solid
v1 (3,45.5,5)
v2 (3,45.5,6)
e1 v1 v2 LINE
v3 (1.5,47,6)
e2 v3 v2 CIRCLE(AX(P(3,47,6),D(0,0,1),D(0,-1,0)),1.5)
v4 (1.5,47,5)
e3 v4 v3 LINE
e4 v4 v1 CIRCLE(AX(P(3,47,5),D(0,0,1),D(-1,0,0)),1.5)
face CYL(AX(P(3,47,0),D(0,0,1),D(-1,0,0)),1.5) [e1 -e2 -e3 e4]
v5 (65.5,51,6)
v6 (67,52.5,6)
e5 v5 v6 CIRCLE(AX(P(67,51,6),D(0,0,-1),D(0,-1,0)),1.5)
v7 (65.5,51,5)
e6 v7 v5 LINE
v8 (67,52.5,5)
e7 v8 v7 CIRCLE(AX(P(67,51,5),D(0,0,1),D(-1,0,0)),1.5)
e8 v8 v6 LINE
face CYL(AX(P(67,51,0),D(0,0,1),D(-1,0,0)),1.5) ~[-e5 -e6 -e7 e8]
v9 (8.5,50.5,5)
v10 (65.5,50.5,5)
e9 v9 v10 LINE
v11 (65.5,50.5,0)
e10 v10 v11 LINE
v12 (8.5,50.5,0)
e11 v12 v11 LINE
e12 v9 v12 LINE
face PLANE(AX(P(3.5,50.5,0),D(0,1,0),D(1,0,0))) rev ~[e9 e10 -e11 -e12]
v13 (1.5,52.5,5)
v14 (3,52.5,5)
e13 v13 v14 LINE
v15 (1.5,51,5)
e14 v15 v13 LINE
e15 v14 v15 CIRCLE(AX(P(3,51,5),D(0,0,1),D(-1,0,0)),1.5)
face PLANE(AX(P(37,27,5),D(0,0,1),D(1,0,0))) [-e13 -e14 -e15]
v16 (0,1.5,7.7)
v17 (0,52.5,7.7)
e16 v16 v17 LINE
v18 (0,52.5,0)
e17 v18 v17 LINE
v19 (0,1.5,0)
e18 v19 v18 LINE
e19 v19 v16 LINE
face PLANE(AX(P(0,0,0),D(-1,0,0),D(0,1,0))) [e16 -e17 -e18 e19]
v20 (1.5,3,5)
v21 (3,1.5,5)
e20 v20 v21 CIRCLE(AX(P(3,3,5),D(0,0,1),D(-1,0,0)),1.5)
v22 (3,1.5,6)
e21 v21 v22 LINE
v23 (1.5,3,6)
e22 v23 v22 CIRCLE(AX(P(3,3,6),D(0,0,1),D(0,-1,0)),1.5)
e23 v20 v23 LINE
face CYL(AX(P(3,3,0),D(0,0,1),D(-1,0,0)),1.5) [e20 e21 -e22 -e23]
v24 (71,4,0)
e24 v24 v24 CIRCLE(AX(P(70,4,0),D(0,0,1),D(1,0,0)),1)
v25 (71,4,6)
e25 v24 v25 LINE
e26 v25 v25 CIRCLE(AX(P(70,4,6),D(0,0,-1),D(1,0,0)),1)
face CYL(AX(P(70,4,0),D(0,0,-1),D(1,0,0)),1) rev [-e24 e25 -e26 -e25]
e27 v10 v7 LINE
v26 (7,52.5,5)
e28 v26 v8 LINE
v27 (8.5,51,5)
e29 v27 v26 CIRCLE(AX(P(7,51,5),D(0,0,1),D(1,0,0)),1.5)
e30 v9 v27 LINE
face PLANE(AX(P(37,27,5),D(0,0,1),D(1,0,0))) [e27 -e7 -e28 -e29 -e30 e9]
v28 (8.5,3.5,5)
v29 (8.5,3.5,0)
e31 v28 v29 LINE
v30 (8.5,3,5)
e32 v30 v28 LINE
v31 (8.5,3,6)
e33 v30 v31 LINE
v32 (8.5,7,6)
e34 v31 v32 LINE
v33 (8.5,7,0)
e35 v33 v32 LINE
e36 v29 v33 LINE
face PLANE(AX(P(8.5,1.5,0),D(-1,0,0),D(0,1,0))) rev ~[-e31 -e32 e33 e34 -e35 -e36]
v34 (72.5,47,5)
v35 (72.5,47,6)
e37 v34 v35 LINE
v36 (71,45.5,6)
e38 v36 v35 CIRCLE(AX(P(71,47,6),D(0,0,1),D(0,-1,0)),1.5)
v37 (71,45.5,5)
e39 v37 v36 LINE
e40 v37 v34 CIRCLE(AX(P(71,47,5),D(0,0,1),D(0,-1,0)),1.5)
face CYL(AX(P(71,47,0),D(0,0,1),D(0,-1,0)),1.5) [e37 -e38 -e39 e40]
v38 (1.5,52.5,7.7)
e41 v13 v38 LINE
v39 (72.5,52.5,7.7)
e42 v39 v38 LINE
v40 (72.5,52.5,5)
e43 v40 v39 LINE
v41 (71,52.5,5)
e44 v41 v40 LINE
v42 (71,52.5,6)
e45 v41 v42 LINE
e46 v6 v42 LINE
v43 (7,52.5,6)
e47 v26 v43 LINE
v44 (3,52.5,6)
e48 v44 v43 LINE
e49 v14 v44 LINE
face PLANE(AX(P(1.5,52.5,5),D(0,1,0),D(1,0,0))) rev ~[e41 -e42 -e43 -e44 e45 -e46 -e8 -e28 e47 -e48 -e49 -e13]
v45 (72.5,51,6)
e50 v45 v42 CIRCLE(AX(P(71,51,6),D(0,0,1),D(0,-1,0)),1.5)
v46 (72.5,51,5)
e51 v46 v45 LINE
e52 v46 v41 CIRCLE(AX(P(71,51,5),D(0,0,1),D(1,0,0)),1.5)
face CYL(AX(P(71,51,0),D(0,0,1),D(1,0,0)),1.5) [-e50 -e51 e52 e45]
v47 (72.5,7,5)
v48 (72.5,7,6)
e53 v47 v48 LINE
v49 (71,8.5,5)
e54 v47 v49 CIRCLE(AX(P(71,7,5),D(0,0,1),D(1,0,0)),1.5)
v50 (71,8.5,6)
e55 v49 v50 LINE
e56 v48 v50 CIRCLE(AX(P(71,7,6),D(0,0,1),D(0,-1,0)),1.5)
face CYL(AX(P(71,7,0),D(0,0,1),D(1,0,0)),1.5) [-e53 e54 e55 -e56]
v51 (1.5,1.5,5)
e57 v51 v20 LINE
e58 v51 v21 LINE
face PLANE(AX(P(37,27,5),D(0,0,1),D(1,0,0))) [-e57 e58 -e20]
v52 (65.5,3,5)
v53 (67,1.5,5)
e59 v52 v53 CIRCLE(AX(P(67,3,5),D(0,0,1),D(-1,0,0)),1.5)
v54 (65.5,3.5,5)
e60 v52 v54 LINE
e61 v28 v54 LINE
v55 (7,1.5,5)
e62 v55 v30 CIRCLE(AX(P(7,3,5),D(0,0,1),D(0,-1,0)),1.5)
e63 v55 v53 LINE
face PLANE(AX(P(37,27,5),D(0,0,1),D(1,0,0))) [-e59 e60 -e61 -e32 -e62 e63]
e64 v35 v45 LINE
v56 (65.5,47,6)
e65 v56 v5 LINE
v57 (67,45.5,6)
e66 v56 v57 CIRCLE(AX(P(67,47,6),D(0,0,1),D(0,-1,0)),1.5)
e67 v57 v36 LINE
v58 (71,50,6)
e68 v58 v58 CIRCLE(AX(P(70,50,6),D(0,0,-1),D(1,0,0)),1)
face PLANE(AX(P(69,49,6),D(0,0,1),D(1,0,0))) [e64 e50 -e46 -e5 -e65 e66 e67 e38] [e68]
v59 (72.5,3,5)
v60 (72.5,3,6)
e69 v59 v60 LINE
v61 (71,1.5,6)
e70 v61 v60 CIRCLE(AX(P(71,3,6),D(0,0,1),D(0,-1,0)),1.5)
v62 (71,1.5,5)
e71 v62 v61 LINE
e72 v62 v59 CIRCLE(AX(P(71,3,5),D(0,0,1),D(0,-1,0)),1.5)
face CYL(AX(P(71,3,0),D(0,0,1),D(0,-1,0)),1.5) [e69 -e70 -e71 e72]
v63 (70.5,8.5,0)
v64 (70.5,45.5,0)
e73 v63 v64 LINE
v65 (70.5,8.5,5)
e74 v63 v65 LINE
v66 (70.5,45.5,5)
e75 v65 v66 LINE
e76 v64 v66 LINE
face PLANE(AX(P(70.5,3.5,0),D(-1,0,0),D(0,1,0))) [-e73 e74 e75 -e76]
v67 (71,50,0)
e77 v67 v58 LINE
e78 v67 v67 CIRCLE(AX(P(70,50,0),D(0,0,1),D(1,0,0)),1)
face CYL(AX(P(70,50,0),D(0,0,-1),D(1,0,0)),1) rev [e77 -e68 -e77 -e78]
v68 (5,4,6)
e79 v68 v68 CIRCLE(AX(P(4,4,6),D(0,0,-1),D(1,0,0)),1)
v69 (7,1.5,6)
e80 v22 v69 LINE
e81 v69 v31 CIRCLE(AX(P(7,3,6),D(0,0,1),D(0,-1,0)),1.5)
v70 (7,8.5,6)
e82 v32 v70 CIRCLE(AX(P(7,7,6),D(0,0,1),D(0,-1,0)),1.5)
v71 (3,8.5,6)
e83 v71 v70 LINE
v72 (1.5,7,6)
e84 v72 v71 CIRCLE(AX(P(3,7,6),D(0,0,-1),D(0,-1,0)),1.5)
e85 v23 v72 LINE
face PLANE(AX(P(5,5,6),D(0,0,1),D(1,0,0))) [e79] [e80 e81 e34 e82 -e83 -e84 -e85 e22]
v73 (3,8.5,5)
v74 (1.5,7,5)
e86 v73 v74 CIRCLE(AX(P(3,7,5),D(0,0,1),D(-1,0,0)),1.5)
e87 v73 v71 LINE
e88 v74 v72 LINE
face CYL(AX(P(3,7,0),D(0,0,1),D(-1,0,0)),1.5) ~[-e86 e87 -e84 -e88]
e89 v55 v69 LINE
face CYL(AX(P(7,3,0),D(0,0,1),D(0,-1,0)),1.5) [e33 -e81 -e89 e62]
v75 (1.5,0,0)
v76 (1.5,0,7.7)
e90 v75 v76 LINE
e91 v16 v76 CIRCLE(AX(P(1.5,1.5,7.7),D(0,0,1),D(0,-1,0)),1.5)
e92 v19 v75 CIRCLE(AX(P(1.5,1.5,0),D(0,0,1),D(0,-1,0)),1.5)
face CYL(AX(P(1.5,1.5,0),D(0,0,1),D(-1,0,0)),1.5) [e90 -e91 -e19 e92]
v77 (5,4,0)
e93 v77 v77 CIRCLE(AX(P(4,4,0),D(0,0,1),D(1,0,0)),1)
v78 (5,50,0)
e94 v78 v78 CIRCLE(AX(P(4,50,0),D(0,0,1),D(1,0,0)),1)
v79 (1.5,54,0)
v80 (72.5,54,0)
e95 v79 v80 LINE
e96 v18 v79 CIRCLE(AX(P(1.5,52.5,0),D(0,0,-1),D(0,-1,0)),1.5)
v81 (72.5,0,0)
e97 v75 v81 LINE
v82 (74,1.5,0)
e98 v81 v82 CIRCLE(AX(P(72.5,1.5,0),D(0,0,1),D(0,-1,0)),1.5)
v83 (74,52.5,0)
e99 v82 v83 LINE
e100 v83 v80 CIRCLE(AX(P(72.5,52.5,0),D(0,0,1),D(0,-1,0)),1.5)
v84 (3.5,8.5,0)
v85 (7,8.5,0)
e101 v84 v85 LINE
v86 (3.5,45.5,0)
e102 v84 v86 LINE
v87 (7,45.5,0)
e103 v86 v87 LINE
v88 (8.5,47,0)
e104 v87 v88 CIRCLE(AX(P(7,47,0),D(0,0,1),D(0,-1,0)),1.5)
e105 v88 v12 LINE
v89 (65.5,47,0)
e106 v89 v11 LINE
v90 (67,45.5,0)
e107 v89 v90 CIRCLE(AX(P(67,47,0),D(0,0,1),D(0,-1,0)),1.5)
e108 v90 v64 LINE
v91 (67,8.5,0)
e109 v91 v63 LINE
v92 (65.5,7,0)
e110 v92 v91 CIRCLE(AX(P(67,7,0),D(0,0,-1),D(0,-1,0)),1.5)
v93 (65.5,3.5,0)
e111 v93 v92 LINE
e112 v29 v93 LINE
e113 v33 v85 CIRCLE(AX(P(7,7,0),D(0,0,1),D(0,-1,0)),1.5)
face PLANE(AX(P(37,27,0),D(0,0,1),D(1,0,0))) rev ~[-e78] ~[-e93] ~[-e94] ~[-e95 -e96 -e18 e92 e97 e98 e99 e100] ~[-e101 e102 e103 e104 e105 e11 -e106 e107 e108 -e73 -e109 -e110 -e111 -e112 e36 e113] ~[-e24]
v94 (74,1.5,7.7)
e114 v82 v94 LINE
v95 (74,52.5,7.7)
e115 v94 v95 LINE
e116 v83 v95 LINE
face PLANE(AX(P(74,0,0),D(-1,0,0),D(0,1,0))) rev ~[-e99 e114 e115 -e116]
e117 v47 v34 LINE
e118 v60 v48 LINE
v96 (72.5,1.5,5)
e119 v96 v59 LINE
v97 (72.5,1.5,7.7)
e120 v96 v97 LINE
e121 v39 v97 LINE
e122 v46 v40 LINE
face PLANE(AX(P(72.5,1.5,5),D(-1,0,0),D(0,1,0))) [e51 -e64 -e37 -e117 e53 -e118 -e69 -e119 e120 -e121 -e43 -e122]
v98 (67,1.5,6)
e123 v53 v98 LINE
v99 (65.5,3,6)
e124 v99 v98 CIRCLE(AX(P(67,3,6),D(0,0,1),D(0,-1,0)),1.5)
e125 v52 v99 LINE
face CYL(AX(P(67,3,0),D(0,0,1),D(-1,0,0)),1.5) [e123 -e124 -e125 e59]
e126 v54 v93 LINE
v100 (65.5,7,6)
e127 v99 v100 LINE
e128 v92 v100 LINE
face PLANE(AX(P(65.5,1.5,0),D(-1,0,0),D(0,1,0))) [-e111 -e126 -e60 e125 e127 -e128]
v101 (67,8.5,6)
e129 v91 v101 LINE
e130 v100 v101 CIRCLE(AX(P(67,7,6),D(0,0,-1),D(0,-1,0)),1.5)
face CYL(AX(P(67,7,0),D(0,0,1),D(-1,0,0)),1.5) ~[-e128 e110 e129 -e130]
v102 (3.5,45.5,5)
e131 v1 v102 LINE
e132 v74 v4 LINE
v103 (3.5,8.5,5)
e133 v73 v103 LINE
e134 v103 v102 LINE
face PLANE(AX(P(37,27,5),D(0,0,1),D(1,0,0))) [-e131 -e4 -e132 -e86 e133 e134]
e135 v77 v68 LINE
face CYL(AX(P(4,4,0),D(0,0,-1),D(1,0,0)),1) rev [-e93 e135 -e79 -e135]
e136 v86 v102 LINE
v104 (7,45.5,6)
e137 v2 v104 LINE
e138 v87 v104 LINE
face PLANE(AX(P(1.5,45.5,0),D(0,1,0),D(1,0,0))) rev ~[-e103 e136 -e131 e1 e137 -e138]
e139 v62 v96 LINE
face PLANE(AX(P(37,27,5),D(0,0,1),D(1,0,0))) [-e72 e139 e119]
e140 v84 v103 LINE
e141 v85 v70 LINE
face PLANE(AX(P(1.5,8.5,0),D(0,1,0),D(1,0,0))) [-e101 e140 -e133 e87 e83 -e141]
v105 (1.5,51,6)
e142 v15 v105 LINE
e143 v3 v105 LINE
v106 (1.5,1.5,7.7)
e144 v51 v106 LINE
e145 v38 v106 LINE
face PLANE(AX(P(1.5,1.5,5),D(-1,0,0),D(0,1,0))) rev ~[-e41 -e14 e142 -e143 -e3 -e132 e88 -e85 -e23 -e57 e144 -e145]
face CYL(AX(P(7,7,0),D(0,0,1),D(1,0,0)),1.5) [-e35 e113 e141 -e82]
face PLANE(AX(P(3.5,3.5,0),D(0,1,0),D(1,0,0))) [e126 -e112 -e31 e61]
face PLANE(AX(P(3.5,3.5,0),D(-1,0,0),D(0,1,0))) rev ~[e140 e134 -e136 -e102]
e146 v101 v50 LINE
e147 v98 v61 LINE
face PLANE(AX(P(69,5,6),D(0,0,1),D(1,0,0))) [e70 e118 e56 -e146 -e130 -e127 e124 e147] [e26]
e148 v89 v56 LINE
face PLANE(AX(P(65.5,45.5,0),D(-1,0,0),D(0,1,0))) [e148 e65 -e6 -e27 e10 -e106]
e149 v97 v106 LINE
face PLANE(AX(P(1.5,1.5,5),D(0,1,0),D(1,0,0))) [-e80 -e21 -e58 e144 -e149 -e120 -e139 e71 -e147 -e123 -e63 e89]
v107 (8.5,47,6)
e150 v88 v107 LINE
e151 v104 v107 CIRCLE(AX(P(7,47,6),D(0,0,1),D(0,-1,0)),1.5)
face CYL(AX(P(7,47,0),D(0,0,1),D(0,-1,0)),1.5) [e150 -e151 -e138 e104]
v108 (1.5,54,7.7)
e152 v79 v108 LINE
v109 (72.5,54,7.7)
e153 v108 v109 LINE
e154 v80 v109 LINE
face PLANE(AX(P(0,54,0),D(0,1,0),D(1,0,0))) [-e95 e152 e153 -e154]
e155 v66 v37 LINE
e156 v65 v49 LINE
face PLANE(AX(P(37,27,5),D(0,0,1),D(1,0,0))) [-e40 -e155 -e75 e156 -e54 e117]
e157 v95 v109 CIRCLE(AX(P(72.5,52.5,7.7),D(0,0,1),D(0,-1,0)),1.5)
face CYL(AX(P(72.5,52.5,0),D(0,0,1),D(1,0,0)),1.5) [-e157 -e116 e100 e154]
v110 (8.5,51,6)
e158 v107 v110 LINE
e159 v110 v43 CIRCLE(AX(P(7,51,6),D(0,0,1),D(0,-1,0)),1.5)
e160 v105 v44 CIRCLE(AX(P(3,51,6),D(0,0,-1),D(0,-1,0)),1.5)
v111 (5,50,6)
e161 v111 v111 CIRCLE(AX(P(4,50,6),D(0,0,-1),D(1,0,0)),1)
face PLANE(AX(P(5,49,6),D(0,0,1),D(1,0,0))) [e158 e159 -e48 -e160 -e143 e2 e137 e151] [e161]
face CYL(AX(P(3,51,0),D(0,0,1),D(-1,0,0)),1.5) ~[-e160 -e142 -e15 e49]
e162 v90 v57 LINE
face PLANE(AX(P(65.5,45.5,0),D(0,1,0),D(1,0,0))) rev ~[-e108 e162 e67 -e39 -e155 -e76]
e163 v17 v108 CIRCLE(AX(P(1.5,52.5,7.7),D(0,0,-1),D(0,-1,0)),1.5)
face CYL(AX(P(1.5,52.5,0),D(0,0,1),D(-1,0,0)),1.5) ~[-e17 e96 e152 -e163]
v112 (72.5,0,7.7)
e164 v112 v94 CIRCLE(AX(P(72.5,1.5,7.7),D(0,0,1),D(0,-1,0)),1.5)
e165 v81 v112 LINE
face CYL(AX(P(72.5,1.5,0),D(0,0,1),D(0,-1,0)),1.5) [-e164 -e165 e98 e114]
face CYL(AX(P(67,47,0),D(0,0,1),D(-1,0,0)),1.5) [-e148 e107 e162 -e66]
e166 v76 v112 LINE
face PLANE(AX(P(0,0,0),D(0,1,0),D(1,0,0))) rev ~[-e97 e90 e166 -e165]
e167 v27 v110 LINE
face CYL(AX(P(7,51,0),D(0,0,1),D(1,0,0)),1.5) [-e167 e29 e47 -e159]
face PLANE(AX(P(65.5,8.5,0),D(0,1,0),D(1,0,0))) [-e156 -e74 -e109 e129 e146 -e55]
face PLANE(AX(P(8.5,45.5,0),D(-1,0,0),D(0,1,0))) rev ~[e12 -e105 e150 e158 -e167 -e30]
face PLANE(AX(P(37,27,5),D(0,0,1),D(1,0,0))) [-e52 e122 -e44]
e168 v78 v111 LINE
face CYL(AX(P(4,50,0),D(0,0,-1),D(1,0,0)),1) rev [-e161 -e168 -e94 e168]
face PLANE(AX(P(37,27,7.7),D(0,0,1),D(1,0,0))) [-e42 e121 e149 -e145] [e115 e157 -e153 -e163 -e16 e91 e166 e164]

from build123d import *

# Parameters (mm, degrees)
CYLINDER002_R     = 1
CYLINDER002_DEPTH = 10
ARRAY005_X_COUNT  = 2
ARRAY005_X_PITCH  = 66
ARRAY005_Y_COUNT  = 2
ARRAY005_Y_PITCH  = 46
BOX005_W          = 71
BOX005_H          = 51
BOX005_DEPTH      = 10
BOX004_W          = 67
BOX004_H          = 47
BOX004_DEPTH      = 10
BOX007_W          = 74
BOX007_H          = 54
BOX007_DEPTH      = 7.7
FILLET003_R       = 1.5
BOX006_W          = 7
BOX006_H          = 7
BOX006_DEPTH      = 6
FILLET002_R       = 1.5
ARRAY007_X_COUNT  = 2
ARRAY007_X_PITCH  = 64
ARRAY007_Y_COUNT  = 2
ARRAY007_Y_PITCH  = 44


with BuildPart() as dd_hole_array:
    # Cylinder002 → Cylinder002 (new body)
    with BuildSketch(Plane(origin=(4, 4, 0), x_dir=(1, 0, 0), z_dir=(0, 0, 1))):
        Circle(CYLINDER002_R)
    extrude(amount=CYLINDER002_DEPTH)

    # Array005 X: dd hole array ×2


with BuildPart() as dd_hole_array_1:
    add(dd_hole_array.part)
    with Locations(*[(i * ARRAY005_X_PITCH, 0, 0) for i in range(1, ARRAY005_X_COUNT)]):
        add(dd_hole_array.part)

    # Array005 Y: dd hole array ×2


with BuildPart() as dd_hole_array_2:
    add(dd_hole_array_1.part)
    with Locations(*[(0, i * ARRAY005_Y_PITCH, 0) for i in range(1, ARRAY005_Y_COUNT)]):
        add(dd_hole_array_1.part)


with BuildPart() as pcb_extraction001:
    # Box005 → Box005 (new body)
    with BuildSketch(Plane(origin=(1.5, 1.5, 5), x_dir=(1, 0, 0), z_dir=(0, 0, 1))):
        with Locations((35.5, 25.5)):
            Rectangle(BOX005_W, BOX005_H)
    extrude(amount=BOX005_DEPTH)


with BuildPart() as bottom_extraction003:
    # Box004 → Box004 (new body)
    with BuildSketch(Plane(origin=(3.5, 3.5, 0), x_dir=(1, 0, 0), z_dir=(0, 0, 1))):
        with Locations((33.5, 23.5)):
            Rectangle(BOX004_W, BOX004_H)
    extrude(amount=BOX004_DEPTH)

    # Fusion005: union pcb extraction001
    add(pcb_extraction001.part)


with BuildPart() as pcb_box_cut001:
    # Box007 → Box007 (new body)
    with BuildSketch(Plane.XY):
        with Locations((37, 27)):
            Rectangle(BOX007_W, BOX007_H)
    extrude(amount=BOX007_DEPTH)

    # Fillet003
    fillet003_edges = [pcb_box_cut001.edges().sort_by_distance(p)[0] for p in [
        (0, 0, 3.85),
        (0, 54, 3.85),
        (74, 0, 3.85),
        (74, 54, 3.85),
    ]]
    fillet(fillet003_edges, radius=FILLET003_R)

    # Cut002004: cut bottom extraction003
    add(bottom_extraction003.part, mode=Mode.SUBTRACT)


with BuildPart() as dd_frame_fusion_with_holes_no_attachment:
    # Box006 → Box006 (new body)
    with BuildSketch(Plane(origin=(1.5, 1.5, 0), x_dir=(1, 0, 0), z_dir=(0, 0, 1))):
        with Locations((3.5, 3.5)):
            Rectangle(BOX006_W, BOX006_H)
    extrude(amount=BOX006_DEPTH)

    # Fillet002
    fillet002_edges = [dd_frame_fusion_with_holes_no_attachment.edges().sort_by_distance(p)[0] for p in [
        (1.5, 1.5, 3),
        (1.5, 8.5, 3),
        (8.5, 1.5, 3),
        (8.5, 8.5, 3),
    ]]
    fillet(fillet002_edges, radius=FILLET002_R)

    # Array007 X: dd frame fusion with holes no attachment ×2


with BuildPart() as dd_frame_fusion_with_holes_no_attachment_1:
    add(dd_frame_fusion_with_holes_no_attachment.part)
    with Locations(*[(i * ARRAY007_X_PITCH, 0, 0) for i in range(1, ARRAY007_X_COUNT)]):
        add(dd_frame_fusion_with_holes_no_attachment.part)

    # Array007 Y: dd frame fusion with holes no attachment ×2


with BuildPart() as dd_frame_fusion_with_holes_no_attachment_2:
    add(dd_frame_fusion_with_holes_no_attachment_1.part)
    with Locations(*[(0, i * ARRAY007_Y_PITCH, 0) for i in range(1, ARRAY007_Y_COUNT)]):
        add(dd_frame_fusion_with_holes_no_attachment_1.part)

    # Fusion003: union pcb box cut001
    add(pcb_box_cut001.part)

    # Cut002005: cut dd hole array
    add(dd_hole_array_2.part, mode=Mode.SUBTRACT)


solid = dd_frame_fusion_with_holes_no_attachment_2.part
